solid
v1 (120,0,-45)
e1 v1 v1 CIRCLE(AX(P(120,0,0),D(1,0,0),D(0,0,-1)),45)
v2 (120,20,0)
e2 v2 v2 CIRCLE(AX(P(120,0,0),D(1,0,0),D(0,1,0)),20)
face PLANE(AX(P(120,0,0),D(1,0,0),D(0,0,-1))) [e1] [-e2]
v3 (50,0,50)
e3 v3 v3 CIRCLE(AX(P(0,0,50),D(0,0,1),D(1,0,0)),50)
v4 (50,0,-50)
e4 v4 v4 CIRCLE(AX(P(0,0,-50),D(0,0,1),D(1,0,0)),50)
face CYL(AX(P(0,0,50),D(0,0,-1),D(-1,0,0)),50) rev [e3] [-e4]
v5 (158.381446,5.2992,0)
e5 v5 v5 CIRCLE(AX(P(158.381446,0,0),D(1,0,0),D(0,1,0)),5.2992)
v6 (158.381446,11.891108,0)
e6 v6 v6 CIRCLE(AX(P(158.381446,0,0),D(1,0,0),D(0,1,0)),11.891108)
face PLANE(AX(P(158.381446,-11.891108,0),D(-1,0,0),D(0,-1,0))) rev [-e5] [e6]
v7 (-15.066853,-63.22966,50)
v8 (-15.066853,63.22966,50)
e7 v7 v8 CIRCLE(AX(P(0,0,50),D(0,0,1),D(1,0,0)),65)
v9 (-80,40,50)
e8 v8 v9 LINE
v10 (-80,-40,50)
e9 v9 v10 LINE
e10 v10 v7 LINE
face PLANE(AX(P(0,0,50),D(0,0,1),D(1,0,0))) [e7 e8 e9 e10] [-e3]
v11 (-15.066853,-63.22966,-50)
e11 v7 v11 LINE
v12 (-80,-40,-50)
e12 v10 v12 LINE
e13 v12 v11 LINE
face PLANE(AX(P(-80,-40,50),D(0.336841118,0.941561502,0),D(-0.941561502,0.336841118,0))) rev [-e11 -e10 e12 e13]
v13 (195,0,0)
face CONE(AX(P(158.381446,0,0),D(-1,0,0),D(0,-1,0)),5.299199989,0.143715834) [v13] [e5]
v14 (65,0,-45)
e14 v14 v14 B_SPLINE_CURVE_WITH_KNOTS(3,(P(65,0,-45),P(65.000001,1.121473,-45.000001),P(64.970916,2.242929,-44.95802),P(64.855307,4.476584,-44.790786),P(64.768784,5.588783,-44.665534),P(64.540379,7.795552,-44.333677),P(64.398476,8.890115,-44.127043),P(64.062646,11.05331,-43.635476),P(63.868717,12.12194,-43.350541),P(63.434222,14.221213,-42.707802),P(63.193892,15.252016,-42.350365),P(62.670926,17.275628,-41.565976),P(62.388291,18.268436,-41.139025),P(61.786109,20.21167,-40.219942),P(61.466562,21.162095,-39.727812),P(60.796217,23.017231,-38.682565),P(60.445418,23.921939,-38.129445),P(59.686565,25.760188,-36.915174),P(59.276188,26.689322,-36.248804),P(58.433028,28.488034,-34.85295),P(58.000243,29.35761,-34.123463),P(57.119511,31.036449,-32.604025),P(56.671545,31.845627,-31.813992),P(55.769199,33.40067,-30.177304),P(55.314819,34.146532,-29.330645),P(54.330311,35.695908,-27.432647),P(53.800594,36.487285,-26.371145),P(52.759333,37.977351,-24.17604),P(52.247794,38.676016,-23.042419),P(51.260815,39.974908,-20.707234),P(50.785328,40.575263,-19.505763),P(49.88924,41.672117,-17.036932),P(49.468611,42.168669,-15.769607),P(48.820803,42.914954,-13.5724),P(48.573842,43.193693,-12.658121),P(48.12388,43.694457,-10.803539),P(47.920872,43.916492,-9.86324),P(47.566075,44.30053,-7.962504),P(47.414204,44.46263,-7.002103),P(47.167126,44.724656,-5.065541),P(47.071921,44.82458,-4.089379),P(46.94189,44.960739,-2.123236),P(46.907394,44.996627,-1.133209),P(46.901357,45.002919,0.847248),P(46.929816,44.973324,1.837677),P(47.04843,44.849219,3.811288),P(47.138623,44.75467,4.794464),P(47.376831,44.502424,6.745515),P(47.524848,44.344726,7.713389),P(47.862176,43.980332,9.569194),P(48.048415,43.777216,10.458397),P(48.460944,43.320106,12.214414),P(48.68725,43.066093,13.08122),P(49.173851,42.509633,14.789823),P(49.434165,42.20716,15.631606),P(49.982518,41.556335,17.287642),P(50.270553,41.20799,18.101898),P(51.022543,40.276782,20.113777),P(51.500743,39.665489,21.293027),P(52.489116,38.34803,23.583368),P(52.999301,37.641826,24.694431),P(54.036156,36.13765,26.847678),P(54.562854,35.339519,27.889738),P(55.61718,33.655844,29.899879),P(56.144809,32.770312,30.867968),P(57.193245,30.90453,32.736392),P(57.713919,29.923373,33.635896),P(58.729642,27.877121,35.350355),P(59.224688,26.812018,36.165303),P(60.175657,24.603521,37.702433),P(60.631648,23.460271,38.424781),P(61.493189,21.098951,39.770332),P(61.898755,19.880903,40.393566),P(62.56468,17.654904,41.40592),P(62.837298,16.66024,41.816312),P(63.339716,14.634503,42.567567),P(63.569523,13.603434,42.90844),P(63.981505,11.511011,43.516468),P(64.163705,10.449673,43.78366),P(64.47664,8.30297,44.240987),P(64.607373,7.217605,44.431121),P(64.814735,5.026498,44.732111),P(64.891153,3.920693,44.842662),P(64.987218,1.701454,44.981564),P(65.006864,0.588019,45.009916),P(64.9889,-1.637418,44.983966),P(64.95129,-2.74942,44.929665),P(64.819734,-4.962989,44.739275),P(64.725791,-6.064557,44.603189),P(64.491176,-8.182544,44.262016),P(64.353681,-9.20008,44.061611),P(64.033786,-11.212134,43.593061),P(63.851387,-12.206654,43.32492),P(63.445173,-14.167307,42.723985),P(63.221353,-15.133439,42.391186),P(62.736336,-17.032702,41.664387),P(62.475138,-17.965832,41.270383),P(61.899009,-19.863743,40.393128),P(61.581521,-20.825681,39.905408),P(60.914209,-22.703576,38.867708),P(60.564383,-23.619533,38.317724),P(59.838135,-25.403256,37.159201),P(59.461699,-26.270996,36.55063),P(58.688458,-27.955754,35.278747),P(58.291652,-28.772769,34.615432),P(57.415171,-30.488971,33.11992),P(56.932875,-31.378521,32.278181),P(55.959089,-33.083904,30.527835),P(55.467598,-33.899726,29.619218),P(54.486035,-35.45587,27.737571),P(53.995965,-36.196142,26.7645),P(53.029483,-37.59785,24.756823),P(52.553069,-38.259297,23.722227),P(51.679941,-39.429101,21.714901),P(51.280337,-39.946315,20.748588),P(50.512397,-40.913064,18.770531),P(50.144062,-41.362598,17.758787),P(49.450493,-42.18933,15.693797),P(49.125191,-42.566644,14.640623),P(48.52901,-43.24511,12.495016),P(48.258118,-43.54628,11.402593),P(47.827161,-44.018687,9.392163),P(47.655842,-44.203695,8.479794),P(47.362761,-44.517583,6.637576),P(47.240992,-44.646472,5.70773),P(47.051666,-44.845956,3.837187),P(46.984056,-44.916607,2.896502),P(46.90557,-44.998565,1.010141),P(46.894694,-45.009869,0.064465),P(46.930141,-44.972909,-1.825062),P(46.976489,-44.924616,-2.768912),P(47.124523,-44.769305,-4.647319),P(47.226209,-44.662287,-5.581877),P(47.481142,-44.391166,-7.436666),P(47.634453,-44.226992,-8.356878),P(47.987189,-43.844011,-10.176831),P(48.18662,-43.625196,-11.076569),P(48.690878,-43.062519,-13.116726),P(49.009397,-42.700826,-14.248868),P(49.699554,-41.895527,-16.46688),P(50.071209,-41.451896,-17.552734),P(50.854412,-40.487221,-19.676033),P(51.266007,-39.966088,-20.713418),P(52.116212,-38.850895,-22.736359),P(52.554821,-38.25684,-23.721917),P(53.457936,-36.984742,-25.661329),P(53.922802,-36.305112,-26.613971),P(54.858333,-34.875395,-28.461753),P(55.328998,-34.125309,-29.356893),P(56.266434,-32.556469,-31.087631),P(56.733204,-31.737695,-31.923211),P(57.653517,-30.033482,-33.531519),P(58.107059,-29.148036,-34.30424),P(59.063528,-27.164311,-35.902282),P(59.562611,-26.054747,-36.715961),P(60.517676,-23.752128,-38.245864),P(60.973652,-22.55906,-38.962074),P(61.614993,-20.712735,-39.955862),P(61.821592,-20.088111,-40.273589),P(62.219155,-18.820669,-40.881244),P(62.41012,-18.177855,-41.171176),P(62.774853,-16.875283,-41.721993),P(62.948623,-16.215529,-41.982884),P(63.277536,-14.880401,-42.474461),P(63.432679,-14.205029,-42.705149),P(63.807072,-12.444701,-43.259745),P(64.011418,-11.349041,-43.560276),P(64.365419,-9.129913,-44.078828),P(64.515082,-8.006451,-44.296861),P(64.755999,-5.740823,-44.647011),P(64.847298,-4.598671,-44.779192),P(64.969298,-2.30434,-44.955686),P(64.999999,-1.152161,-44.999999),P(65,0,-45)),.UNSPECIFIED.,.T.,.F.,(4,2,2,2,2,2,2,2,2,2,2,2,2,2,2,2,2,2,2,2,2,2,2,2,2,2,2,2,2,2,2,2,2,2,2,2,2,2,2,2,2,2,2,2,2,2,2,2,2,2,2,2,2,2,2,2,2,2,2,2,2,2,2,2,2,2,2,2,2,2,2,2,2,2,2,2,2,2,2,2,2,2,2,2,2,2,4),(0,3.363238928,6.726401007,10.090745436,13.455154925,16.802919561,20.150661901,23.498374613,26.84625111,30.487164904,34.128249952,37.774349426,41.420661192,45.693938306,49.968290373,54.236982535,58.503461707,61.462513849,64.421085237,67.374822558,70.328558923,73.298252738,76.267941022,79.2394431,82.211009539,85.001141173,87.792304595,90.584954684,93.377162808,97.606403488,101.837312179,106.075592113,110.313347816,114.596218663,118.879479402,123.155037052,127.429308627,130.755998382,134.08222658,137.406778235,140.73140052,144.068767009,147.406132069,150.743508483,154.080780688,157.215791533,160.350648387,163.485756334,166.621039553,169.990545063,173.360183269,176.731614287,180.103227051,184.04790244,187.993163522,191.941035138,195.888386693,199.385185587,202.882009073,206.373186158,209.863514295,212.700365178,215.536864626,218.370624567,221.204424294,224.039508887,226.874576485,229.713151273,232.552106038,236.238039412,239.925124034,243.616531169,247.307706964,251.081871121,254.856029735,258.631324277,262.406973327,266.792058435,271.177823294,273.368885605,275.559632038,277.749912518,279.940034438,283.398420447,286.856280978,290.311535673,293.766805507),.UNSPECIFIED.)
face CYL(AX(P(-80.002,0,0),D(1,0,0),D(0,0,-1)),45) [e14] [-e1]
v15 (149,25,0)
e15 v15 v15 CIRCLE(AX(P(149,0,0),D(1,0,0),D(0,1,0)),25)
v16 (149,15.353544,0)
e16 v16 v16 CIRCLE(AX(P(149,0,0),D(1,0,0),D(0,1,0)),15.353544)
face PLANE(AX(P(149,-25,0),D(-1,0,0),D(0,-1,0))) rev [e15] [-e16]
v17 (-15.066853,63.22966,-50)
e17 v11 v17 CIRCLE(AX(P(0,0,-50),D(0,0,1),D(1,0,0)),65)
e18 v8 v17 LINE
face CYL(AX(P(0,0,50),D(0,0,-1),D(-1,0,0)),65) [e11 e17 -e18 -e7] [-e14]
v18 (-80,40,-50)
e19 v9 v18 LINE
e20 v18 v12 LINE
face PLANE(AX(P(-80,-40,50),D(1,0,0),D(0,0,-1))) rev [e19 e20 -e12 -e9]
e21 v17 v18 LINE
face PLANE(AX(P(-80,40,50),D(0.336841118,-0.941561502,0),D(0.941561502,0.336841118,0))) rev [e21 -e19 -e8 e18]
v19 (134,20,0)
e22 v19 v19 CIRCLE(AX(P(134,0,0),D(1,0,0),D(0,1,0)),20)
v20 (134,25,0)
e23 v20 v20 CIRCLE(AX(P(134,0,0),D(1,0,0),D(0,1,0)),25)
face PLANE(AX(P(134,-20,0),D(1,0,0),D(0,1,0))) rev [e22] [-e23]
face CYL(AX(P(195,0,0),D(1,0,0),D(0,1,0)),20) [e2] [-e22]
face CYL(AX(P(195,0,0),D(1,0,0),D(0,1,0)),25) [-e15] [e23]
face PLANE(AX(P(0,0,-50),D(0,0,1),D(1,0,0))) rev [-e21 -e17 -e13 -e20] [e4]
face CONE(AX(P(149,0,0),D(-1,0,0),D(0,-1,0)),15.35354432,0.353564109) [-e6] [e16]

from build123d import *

# Parameters (mm, degrees)
SKETCH1_R                = 50
BOSS_EXTRUDE1_DEPTH      = 50
BOSS_EXTRUDE2_REACH      = 218.16
BOSS_EXTRUDE2_END_RADIUS = 65
SKETCH2_R                = 45


with BuildPart() as part:
    # Sketch1 → Boss-Extrude1 (new, symmetric)
    with BuildSketch(Plane.XY):
        with BuildLine():
            Line((-80, -40), (-80, 40))
            Line((-80, 40), (-15.066853128, 63.229660262))
            ThreePointArc((-15.066853128, 63.229660262), (65, 0), (-15.066853128, -63.229660262))
            Line((-15.066853128, -63.229660262), (-80, -40))
        make_face()
        Circle(SKETCH1_R, mode=Mode.SUBTRACT)
    extrude(amount=BOSS_EXTRUDE1_DEPTH, both=True)

    # Boss-Extrude2: up to this cylinder (the profile starts outside it)
    boss_extrude2_end = Plane(origin=(0, 0, 0), z_dir=(0, 0, -1)) * Cylinder(BOSS_EXTRUDE2_END_RADIUS, 567.32, mode=Mode.PRIVATE)
    # Sketch2 → Boss-Extrude2 (add, up to the surface)
    with BuildSketch(Plane(origin=(120, 0, 0), x_dir=(0, 0, -1), z_dir=(1, 0, 0)), mode=Mode.PRIVATE) as boss_extrude2_sk1:
        Circle(SKETCH2_R)
    boss_extrude2_tool1 = extrude(boss_extrude2_sk1.sketch, amount=-BOSS_EXTRUDE2_REACH, mode=Mode.PRIVATE) - boss_extrude2_end
    add(boss_extrude2_tool1.solids().sort_by_distance((120, 0, 0))[0])

    # Sketch3 → Revolve1 (revolve)
    with BuildSketch(Plane.XY, mode=Mode.PRIVATE) as revolve1_sk:
        Polygon((120, 0), (120, -20), (134, -20), (134, -25), (149, -25), (149, -15.35354432), (158.38144624, -11.89110783), (158.38144624, -5.299199989), (195, 0), align=None)
    revolve(revolve1_sk.sketch.rotate(Axis((195, 0, 0), (-1, 0, 0)), 180), axis=Axis((195, 0, 0), (-1, 0, 0)))


solid = part.part
